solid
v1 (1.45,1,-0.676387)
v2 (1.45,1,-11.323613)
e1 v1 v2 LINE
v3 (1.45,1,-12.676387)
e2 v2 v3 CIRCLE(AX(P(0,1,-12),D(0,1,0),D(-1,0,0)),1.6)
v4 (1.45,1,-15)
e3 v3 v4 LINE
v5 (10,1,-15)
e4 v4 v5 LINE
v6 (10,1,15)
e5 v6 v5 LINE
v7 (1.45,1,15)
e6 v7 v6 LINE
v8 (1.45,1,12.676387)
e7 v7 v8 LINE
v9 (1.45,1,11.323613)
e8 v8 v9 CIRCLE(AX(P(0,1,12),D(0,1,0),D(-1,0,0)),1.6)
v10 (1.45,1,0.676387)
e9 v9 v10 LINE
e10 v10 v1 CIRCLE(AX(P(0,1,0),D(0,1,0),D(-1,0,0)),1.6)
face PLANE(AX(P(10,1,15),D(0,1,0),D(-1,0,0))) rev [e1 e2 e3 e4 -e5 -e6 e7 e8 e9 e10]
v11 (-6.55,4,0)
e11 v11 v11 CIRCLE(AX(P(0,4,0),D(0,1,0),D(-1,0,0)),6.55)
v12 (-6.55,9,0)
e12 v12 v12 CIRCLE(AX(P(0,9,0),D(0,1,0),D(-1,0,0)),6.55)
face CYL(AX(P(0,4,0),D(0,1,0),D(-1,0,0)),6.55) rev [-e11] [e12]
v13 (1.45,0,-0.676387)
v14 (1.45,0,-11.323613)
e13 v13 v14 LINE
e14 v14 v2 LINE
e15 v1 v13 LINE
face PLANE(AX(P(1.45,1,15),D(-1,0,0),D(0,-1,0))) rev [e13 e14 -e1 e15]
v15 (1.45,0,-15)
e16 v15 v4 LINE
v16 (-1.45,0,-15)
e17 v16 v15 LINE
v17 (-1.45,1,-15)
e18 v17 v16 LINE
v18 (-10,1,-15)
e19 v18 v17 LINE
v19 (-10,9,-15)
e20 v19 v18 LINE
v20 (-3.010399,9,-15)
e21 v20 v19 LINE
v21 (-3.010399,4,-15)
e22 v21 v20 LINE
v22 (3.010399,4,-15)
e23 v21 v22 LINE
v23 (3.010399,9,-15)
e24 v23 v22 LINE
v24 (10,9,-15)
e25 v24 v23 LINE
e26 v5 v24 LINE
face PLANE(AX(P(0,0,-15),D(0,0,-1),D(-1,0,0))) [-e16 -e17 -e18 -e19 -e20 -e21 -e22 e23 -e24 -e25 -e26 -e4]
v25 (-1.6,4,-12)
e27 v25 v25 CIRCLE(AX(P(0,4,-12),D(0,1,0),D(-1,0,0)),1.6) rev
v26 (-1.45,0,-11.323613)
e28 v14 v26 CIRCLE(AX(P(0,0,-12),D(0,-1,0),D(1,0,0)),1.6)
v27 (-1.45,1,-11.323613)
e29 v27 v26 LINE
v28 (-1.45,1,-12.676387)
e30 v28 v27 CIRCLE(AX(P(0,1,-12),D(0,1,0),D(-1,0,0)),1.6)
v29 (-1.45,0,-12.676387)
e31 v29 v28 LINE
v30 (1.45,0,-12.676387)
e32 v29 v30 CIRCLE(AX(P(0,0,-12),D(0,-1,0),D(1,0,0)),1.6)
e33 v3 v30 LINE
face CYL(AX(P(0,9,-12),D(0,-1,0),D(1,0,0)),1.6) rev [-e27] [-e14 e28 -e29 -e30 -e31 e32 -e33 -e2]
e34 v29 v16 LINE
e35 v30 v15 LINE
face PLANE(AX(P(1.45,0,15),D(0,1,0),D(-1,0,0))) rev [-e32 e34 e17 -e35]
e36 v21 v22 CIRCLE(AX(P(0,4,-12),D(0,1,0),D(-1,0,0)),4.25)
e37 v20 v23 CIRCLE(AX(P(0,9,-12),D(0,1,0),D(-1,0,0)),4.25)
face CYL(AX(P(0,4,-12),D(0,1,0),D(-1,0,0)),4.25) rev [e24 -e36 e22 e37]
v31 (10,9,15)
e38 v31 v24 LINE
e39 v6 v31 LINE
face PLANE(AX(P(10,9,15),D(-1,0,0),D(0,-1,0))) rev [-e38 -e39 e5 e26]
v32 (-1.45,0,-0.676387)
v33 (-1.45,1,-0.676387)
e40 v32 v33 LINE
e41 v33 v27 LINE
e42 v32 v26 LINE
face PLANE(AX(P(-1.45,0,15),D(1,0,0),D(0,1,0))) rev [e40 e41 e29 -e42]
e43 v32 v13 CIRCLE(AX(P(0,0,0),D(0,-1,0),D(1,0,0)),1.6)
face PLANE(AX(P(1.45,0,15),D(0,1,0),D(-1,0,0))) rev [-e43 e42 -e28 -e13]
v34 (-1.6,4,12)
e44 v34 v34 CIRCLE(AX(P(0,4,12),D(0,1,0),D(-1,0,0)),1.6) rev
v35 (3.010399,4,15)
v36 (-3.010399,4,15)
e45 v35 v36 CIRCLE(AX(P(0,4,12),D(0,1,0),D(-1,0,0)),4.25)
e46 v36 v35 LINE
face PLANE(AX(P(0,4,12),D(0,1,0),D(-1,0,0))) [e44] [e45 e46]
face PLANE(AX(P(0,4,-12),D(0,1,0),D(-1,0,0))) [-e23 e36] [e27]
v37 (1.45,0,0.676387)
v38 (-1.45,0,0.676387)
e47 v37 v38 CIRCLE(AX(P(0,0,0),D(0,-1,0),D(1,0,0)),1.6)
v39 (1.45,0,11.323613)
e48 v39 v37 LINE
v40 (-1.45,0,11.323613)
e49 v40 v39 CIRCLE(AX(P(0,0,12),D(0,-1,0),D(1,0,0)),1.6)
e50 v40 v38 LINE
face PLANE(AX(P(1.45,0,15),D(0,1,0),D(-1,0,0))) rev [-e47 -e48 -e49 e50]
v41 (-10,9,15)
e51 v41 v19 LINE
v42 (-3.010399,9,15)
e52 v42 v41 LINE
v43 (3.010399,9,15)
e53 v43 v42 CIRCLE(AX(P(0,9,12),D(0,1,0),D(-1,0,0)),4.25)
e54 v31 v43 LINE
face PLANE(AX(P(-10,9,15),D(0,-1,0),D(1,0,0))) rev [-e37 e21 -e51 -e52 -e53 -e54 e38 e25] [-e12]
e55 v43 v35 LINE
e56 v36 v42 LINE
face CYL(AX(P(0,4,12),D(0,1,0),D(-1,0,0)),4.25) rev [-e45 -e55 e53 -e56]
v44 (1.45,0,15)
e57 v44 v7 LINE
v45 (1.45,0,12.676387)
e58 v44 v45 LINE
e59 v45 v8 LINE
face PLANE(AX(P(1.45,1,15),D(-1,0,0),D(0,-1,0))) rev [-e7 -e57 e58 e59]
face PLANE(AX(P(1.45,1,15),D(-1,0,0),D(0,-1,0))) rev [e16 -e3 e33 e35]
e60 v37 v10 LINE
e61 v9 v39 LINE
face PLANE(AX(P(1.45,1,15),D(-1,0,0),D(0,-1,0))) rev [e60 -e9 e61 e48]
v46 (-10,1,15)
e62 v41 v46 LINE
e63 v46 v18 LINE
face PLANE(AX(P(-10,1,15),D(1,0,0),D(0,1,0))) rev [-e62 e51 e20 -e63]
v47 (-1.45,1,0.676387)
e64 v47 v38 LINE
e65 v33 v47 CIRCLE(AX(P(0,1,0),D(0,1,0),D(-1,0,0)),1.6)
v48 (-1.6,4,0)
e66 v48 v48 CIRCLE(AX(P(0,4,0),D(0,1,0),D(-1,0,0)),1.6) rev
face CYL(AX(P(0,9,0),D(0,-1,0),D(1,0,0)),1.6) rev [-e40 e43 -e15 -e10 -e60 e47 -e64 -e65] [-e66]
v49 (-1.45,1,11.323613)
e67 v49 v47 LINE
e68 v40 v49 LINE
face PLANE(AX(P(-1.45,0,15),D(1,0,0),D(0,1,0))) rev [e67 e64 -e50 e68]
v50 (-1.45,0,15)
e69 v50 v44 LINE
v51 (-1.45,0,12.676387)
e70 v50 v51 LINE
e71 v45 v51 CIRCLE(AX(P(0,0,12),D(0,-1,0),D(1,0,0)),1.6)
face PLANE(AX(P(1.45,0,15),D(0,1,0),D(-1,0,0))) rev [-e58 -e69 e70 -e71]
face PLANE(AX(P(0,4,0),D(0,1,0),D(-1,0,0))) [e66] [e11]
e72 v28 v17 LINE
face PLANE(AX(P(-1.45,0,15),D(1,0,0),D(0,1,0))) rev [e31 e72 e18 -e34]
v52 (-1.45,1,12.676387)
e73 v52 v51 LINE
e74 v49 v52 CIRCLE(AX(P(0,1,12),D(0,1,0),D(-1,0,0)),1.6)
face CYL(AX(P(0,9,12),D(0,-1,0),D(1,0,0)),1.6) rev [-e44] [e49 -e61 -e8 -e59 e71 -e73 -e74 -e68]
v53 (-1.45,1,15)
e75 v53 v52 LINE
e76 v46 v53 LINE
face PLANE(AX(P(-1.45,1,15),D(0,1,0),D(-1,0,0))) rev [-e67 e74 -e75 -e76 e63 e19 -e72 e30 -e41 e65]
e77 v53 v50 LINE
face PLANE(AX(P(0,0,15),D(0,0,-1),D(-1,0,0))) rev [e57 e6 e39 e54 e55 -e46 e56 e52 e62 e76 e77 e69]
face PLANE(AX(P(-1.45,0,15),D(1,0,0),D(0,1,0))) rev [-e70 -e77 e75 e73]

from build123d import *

# Parameters (mm, degrees)
MAIN_DEPTH        = 15
SKETCH5_R         = 1.6
FIXHOLE_DEPTH     = 10
SKETCH3_R         = 6.55
SKETCH3_R_2       = 4.25
BEARINGHOLE_DEPTH = 5


with BuildPart() as part:
    # Sketch1 → Main (new body, symmetric)
    with BuildSketch(Plane.XY):
        Polygon((-10, 9), (10, 9), (10, 1), (1.45, 1), (1.45, 0), (-1.45, 0), (-1.45, 1), (-10, 1), align=None)
    extrude(amount=MAIN_DEPTH, both=True)

    # Sketch5 → FixHole (cut, through all)
    with BuildSketch(Plane(origin=(0, 0, 0), x_dir=(-1, 0, 0), z_dir=(0, -1, 0))):
        with Locations((0, 12)):
            Circle(SKETCH5_R)
        with Locations((0, -12)):
            Circle(SKETCH5_R)
        Circle(SKETCH5_R)
    extrude(amount=-FIXHOLE_DEPTH, mode=Mode.SUBTRACT)

    # Sketch3 → BearingHole (cut)
    with BuildSketch(Plane(origin=(0, 9, 0), x_dir=(1, 0, 0), z_dir=(0, 1, 0))):
        Circle(SKETCH3_R)
        with Locations((0, 12)):
            Circle(SKETCH3_R_2)
        with Locations((0, -12)):
            Circle(SKETCH3_R_2)
    extrude(amount=-BEARINGHOLE_DEPTH, mode=Mode.SUBTRACT)


solid = part.part
